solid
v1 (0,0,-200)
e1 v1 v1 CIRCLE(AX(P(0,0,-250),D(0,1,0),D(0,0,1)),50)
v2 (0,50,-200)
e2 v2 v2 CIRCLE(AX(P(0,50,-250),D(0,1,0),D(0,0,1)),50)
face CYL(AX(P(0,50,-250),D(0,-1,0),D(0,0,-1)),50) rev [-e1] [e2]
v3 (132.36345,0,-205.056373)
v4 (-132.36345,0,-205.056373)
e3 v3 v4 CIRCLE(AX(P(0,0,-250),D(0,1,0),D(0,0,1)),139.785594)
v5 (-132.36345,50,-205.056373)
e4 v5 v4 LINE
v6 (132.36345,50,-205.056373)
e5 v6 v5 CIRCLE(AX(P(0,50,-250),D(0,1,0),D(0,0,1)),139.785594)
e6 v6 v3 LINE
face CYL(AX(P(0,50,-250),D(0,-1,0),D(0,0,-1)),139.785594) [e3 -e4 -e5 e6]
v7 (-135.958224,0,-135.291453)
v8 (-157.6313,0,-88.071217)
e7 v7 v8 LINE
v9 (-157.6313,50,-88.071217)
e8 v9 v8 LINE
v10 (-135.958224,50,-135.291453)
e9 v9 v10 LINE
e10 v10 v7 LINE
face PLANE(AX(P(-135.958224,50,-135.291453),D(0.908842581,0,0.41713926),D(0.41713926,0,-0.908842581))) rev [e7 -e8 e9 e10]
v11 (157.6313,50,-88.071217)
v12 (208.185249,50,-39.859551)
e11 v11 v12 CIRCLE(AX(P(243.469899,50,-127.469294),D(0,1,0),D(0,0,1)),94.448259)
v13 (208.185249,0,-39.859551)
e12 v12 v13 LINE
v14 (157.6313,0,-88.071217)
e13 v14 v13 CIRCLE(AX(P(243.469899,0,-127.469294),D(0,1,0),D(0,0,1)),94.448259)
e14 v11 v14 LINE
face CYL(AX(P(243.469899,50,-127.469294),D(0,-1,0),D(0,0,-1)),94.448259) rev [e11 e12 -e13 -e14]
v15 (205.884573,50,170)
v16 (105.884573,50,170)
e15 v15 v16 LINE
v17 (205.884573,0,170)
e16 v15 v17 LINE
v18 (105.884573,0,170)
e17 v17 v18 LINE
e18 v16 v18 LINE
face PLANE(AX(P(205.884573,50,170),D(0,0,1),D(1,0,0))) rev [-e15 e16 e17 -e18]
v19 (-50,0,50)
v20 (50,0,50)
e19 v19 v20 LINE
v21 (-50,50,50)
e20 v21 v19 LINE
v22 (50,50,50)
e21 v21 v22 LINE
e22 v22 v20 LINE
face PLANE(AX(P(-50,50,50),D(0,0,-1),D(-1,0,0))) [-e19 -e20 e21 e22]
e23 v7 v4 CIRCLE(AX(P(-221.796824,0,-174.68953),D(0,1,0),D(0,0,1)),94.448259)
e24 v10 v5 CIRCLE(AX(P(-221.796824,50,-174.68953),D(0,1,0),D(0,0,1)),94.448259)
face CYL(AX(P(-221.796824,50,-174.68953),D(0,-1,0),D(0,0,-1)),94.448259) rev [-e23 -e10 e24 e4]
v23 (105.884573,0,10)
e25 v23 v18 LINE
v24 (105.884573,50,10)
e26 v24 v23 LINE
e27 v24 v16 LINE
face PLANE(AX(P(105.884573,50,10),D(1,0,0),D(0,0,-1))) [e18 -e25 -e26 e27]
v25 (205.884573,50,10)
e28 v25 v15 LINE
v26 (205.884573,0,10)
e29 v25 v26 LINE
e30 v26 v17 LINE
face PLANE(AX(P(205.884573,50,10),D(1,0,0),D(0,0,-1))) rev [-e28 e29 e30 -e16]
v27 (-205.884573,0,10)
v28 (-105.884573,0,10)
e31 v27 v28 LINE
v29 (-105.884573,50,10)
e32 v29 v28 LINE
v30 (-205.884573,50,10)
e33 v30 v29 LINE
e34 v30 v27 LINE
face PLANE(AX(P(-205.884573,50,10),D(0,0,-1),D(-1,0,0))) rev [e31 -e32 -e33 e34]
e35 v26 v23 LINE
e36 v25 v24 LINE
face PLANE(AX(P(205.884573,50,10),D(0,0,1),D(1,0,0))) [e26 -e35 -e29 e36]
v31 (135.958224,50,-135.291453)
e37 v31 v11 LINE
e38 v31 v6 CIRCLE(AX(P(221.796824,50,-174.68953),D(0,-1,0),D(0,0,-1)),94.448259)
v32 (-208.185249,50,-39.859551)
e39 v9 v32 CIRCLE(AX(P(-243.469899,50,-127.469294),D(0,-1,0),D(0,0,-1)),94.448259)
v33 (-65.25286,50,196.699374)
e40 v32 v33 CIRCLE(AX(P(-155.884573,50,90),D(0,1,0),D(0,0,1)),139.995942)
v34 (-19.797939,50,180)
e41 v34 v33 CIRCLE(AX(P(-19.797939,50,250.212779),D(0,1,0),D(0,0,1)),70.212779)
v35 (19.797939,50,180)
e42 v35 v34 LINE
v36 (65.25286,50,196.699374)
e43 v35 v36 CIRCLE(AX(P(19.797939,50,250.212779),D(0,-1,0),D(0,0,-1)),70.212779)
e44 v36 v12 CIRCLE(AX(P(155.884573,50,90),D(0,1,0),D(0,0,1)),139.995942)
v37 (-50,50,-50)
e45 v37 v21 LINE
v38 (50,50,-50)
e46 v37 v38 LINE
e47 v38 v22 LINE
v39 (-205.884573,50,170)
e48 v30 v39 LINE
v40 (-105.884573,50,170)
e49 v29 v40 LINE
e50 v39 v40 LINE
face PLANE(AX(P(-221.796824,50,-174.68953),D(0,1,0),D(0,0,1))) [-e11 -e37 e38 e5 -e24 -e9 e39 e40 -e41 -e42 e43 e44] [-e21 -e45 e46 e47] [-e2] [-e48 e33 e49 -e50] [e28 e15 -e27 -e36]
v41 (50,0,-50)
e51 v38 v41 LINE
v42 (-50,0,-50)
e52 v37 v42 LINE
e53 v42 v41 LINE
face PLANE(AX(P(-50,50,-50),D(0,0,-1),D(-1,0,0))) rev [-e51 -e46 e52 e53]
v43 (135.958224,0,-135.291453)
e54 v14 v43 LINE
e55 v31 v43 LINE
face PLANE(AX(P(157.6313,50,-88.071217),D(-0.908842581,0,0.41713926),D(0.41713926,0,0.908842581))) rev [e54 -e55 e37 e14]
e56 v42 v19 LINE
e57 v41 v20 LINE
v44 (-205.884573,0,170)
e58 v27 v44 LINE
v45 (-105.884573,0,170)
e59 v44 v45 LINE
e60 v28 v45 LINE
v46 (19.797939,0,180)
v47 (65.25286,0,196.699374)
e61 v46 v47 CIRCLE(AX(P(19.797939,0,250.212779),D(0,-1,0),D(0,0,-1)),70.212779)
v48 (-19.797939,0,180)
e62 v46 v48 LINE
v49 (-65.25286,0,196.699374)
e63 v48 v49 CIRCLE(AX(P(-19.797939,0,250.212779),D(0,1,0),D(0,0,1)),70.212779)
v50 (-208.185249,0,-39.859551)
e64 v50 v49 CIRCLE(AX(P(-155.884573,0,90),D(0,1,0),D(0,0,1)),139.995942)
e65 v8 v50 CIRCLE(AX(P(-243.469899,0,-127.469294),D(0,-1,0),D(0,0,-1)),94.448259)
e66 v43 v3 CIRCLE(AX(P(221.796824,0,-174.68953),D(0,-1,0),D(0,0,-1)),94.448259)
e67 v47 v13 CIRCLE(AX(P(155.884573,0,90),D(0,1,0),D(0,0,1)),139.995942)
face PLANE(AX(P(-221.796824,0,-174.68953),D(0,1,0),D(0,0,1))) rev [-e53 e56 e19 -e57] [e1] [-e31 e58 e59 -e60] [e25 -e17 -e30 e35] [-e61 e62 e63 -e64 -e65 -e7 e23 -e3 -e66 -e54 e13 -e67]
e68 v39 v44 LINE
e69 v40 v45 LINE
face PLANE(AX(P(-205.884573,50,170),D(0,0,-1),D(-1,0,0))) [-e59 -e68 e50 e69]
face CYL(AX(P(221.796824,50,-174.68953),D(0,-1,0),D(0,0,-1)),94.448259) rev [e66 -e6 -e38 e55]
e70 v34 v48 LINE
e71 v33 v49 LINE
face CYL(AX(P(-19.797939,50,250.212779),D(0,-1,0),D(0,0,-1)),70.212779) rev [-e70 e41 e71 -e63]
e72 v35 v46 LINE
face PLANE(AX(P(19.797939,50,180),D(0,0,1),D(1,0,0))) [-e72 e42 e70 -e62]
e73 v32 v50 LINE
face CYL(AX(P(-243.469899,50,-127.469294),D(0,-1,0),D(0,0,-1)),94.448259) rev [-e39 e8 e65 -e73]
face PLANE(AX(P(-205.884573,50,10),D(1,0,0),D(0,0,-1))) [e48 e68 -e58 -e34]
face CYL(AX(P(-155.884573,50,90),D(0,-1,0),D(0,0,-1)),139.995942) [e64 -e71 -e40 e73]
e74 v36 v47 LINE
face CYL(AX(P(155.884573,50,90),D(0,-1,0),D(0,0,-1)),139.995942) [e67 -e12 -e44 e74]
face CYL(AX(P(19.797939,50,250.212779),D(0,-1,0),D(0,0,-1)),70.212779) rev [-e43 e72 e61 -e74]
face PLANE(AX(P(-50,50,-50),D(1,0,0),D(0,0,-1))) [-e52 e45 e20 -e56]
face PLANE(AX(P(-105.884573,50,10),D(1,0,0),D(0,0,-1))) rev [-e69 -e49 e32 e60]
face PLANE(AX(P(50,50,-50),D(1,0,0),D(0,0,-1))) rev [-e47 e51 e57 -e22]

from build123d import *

# Parameters (mm, degrees)
SKETCH1_R           = 50
SKETCH1_W           = 100
SKETCH1_H           = 100
SKETCH1_H_2         = 160
BOSS_EXTRUDE1_DEPTH = 50


with BuildPart() as part:
    # Sketch1 → Boss-Extrude1 (new body)
    with BuildSketch(Plane(origin=(0, 0, 0), x_dir=(1, 0, 0), z_dir=(0, 1, 0))):
        with BuildLine():
            Line((-157.631299989, 88.07121729), (-136.663415109, 133.755017511))
            Line((-136.663415109, 133.755017511), (-135.958224263, 135.291452776))
            ThreePointArc((-135.958224263, 135.291452776), (-127.47369707, 169.829345008), (-132.36344953, 205.056373302))
            ThreePointArc((-132.36344953, 205.056373302), (0, 389.785594222), (132.36344953, 205.056373302))
            ThreePointArc((132.36344953, 205.056373302), (127.47369707, 169.829345008), (135.958224263, 135.291452776))
            Line((135.958224263, 135.291452776), (136.663415109, 133.755017511))
            Line((136.663415109, 133.755017511), (157.631299989, 88.07121729))
            ThreePointArc((157.631299989, 88.07121729), (178.287067415, 59.119663384), (208.18524924, 39.859551103))
            ThreePointArc((208.18524924, 39.859551103), (275.706725604, -162.3983111), (65.252859665, -196.699373836))
            ThreePointArc((65.252859665, -196.699373836), (44.010636723, -184.306940013), (19.797939242, -180))
            Line((19.797939242, -180), (-19.797939242, -180))
            ThreePointArc((-19.797939242, -180), (-44.010636723, -184.306940013), (-65.252859665, -196.699373836))
            ThreePointArc((-65.252859665, -196.699373836), (-275.706725604, -162.3983111), (-208.18524924, 39.859551103))
            ThreePointArc((-208.18524924, 39.859551103), (-178.287067415, 59.119663384), (-157.631299989, 88.07121729))
        make_face()
        with Locations(Location((0, 250, 0), (0, 0, 270))):
            Circle(SKETCH1_R, mode=Mode.SUBTRACT)
        Rectangle(SKETCH1_W, SKETCH1_H, mode=Mode.SUBTRACT)
        with Locations((155.884572681, -90)):
            Rectangle(SKETCH1_W, SKETCH1_H_2, mode=Mode.SUBTRACT)
        with Locations((-155.884572681, -90)):
            Rectangle(SKETCH1_W, SKETCH1_H_2, mode=Mode.SUBTRACT)
    extrude(amount=BOSS_EXTRUDE1_DEPTH)


solid = part.part
